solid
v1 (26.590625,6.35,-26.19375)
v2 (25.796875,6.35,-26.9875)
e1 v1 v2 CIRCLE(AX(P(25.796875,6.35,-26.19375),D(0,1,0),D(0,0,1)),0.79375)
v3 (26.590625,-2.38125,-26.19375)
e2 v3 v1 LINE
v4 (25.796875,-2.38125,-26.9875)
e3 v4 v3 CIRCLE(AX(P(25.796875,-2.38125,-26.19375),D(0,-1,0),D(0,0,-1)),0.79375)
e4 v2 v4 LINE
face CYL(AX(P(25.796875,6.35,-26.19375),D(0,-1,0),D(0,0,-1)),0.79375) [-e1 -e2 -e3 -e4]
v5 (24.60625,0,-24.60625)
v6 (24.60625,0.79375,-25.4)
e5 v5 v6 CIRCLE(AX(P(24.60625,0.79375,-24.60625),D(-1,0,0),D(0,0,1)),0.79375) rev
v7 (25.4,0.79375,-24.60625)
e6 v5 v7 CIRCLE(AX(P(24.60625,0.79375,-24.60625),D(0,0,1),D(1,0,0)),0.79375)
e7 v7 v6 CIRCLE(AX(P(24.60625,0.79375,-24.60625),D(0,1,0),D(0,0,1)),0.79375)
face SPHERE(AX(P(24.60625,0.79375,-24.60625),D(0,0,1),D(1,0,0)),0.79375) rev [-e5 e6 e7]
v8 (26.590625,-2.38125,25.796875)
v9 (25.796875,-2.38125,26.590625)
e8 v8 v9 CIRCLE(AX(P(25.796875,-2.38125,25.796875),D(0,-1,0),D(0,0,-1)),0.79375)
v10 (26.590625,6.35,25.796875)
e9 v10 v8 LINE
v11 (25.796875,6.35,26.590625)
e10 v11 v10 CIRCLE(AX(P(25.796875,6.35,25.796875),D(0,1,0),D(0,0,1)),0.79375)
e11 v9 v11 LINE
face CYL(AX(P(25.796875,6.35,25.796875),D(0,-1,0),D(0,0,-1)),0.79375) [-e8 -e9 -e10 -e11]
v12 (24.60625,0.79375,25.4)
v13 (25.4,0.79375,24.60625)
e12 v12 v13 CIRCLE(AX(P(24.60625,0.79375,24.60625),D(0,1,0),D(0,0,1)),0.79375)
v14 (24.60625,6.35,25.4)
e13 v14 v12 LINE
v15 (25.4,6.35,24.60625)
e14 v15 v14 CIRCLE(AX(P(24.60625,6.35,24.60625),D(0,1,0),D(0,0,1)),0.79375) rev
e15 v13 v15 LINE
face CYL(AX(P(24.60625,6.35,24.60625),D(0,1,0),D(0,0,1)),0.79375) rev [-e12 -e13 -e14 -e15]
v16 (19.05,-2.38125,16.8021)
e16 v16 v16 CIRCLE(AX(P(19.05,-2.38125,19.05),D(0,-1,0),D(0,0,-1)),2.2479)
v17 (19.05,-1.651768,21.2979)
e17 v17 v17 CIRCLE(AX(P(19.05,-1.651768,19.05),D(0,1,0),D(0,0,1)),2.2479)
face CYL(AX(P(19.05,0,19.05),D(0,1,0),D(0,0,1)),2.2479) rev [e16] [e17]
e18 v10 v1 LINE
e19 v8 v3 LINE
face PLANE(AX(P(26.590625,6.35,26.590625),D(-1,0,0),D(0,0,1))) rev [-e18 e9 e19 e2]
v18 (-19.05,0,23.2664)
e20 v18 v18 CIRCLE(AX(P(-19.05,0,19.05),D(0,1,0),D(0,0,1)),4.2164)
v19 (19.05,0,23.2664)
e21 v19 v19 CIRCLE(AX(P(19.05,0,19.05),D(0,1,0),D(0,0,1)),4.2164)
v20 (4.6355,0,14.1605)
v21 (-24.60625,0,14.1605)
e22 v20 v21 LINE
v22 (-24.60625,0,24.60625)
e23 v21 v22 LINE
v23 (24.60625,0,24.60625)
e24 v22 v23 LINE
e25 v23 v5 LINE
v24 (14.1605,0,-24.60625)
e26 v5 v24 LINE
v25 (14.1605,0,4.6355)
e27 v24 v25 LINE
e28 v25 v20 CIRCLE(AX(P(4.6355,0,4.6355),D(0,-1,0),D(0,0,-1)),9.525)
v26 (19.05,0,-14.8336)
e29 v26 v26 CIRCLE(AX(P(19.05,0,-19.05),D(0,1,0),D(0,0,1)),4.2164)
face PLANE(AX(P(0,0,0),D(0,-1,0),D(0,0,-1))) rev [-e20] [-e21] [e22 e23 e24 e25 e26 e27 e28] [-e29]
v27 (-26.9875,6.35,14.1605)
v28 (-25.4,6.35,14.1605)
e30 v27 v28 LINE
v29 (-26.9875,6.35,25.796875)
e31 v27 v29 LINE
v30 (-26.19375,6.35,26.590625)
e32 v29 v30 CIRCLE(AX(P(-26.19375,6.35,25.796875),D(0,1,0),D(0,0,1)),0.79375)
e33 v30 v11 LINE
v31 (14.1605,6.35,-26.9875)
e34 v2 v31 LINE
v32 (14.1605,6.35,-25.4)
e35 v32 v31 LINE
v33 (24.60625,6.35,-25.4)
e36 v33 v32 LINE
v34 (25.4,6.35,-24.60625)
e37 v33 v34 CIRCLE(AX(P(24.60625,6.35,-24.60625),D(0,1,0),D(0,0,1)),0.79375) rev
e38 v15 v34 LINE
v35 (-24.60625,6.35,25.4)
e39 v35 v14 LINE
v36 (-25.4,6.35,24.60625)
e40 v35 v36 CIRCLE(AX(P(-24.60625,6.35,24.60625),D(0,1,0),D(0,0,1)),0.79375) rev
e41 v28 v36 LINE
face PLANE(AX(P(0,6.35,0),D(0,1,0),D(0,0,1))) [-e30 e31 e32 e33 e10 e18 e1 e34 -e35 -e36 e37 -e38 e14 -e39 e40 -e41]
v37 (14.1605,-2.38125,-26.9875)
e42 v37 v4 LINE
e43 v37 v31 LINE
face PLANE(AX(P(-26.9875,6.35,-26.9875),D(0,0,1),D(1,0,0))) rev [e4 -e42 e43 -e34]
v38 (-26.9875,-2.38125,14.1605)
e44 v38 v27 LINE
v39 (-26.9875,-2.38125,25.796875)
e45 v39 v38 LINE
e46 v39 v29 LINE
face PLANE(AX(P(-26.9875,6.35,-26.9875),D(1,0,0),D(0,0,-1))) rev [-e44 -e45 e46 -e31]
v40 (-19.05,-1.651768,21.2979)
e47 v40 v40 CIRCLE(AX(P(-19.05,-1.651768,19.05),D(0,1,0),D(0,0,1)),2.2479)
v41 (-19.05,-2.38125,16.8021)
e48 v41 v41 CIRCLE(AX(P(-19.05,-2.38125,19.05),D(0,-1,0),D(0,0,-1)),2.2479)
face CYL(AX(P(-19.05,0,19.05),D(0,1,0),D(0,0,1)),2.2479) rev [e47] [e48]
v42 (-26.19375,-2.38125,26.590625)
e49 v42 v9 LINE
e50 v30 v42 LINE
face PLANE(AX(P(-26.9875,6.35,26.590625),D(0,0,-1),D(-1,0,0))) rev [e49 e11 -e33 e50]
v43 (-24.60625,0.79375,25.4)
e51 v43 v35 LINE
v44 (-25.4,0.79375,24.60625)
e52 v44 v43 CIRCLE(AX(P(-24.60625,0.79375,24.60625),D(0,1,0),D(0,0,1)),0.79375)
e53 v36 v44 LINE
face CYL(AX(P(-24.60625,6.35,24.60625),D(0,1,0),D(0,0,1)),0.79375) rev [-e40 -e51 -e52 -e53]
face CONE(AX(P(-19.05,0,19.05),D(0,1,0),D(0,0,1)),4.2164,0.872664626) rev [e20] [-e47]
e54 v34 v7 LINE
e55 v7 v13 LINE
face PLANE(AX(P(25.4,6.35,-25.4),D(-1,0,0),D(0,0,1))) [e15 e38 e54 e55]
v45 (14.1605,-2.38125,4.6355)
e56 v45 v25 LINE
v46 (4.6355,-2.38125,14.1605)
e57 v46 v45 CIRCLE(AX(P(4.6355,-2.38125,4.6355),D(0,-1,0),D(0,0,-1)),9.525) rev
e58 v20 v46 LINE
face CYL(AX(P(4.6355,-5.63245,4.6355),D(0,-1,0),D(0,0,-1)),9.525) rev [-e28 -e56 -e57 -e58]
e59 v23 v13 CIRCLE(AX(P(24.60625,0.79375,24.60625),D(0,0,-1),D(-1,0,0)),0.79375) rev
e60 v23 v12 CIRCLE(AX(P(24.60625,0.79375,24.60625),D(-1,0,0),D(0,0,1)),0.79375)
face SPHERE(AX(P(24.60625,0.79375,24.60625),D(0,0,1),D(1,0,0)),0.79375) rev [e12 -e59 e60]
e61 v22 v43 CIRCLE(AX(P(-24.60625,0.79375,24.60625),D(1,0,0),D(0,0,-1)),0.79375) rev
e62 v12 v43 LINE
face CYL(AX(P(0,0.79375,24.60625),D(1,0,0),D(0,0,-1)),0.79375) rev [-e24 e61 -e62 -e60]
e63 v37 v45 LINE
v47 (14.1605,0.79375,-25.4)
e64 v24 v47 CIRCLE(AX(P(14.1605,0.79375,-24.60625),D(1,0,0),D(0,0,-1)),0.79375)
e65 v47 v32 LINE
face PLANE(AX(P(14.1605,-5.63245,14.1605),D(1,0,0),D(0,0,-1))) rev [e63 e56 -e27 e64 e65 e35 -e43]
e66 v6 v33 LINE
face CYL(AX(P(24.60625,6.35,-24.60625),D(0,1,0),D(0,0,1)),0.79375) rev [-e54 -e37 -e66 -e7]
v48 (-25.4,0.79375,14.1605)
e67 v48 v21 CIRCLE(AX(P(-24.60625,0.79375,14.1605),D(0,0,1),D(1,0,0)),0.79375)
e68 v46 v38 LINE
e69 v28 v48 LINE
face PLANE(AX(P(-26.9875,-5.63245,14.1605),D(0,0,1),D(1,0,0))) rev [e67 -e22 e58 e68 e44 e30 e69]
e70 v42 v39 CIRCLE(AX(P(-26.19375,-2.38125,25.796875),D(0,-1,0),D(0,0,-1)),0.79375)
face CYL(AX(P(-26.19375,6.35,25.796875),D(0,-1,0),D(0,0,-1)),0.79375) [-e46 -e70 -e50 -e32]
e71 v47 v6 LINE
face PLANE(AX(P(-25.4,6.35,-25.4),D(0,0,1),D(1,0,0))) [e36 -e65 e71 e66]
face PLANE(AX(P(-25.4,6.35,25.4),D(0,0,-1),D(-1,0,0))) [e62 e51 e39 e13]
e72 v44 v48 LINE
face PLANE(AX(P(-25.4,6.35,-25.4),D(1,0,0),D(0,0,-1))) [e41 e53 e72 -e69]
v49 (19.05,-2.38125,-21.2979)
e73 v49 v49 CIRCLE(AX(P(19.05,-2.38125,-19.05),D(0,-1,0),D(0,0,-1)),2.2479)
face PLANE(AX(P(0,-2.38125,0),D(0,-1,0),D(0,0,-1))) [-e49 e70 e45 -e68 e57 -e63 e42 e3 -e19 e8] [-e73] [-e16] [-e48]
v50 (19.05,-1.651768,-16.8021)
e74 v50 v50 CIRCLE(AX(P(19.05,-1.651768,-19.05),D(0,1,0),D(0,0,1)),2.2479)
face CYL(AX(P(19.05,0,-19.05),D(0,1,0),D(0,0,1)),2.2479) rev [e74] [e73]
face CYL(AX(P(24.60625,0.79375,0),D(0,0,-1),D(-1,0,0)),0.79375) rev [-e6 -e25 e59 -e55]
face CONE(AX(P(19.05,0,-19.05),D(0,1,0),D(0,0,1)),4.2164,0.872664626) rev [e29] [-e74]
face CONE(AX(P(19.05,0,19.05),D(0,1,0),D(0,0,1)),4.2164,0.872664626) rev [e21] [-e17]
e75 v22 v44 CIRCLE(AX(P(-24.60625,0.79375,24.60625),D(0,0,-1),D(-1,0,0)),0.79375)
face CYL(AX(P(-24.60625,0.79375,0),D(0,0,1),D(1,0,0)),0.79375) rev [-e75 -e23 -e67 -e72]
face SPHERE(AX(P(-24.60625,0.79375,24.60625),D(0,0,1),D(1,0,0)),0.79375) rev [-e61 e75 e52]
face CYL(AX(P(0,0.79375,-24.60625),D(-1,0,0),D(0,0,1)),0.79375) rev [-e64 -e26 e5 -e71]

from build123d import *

# Parameters (mm, degrees)
SKETCH1_W                                         = 53.975
SKETCH1_H                                         = 53.975
SKETCH1_W_2                                       = 50.8
SKETCH1_H_2                                       = 50.8
BOSS_EXTRUDE1_DEPTH                               = 6.35
SKETCH2_W                                         = 53.975
SKETCH2_H                                         = 53.975
BOSS_EXTRUDE2_DEPTH                               = 2.38125
BOSS_EXTRUDE3_DEPTH                               = 3.2512
BOSS_EXTRUDE3_DEPTH_BACK                          = 1.5875
CSK_FOR_8_FLAT_HEAD_MACHINE_SCREW_100_D           = 4.4958
CSK_FOR_8_FLAT_HEAD_MACHINE_SCREW_100_CSINK_D     = 8.4328
CSK_FOR_8_FLAT_HEAD_MACHINE_SCREW_100_CSINK_ANGLE = 100
SKETCH7_W                                         = 41.148
SKETCH7_H                                         = 41.148
CUT_EXTRUDE1_DEPTH                                = 7.35
CUT_EXTRUDE1_DEPTH_BACK                           = 6.63245
FILLET2_R                                         = 9.525
BOSS_EXTRUDE4_DEPTH                               = 7.14375
CUT_EXTRUDE2_DEPTH                                = 12.98245
FILLET3_R                                         = 0.79375


with BuildPart() as part:
    # Sketch1 → Boss-Extrude1 (new body)
    with BuildSketch(Plane(origin=(0, 0, 0), x_dir=(1, 0, 0), z_dir=(0, 1, 0))):
        Rectangle(SKETCH1_W, SKETCH1_H)
        Rectangle(SKETCH1_W_2, SKETCH1_H_2, mode=Mode.SUBTRACT)
    extrude(amount=BOSS_EXTRUDE1_DEPTH)

    # Sketch2 → Boss-Extrude2 (add)
    with BuildSketch(Plane.XZ):
        Rectangle(SKETCH2_W, SKETCH2_H)
    extrude(amount=BOSS_EXTRUDE2_DEPTH)

    # Sketch3 → Boss-Extrude3 (add, two sides)
    with BuildSketch(Plane.XZ.offset(2.38125)) as boss_extrude3_sk:
        Polygon((-26.9875, 26.590625), (26.590625, 26.590625), (26.590625, -26.9875), (28.178125, -26.9875), (28.178125, 28.178125), (-26.9875, 28.178125), align=None)
    extrude(amount=BOSS_EXTRUDE3_DEPTH)
    extrude(boss_extrude3_sk.sketch, amount=-BOSS_EXTRUDE3_DEPTH_BACK)

    # CSK for #8 Flat Head Machine Screw (100)1 (through all)
    with Locations(Plane(origin=(19.05, 0, 19.05), x_dir=(0, 0, 1), z_dir=(0, 1, 0))):
        with Locations((0, 0), (-38.1, -38.1), (-38.1, 0), (0, -38.1)):
            CounterSinkHole(CSK_FOR_8_FLAT_HEAD_MACHINE_SCREW_100_D / 2, CSK_FOR_8_FLAT_HEAD_MACHINE_SCREW_100_CSINK_D / 2, counter_sink_angle=CSK_FOR_8_FLAT_HEAD_MACHINE_SCREW_100_CSINK_ANGLE)

    # Sketch7 → Cut-Extrude1 (cut, two sides)
    with BuildSketch(Plane(origin=(0, 0, 0), x_dir=(1, 0, 0), z_dir=(0, 1, 0))) as cut_extrude1_sk:
        with Locations((-6.4135, 6.4135)):
            Rectangle(SKETCH7_W, SKETCH7_H)
    extrude(amount=CUT_EXTRUDE1_DEPTH, mode=Mode.SUBTRACT)
    extrude(cut_extrude1_sk.sketch, amount=-CUT_EXTRUDE1_DEPTH_BACK, mode=Mode.SUBTRACT)

    # Fillet2
    fillet2_edges = [part.edges().sort_by_distance(p)[0] for p in [
        (14.1605, -1.190625, 14.1605),
    ]]
    fillet(fillet2_edges, radius=FILLET2_R)

    # Sketch8 → Boss-Extrude4 (add)
    with BuildSketch(Plane(origin=(0, -0.79375, 0), x_dir=(1, 0, 0), z_dir=(0, 1, 0))):
        Polygon((28.178125, 26.9875), (26.9875, 26.9875), (26.9875, -26.9875), (-26.9875, -26.9875), (-26.9875, -28.178125), (28.178125, -28.178125), align=None)
    extrude(amount=BOSS_EXTRUDE4_DEPTH)

    # Sketch9 → Cut-Extrude2 (cut, through all)
    with BuildSketch(Plane.XZ.offset(5.63245)):
        Polygon((-26.9875, 28.178125), (-26.9875, 26.590625), (26.590625, 26.590625), (26.590625, -26.9875), (28.178125, -26.9875), (28.178125, 28.178125), align=None)
    extrude(amount=-CUT_EXTRUDE2_DEPTH, mode=Mode.SUBTRACT)

    # Fillet3
    fillet3_edges = [part.edges().sort_by_distance(p)[0] for p in [
        (26.590625, 1.984375, -26.9875),
        (26.590625, 1.984375, 26.590625),
        (-26.9875, 1.984375, 26.590625),
        (25.4, 0, 0),
        (25.4, 3.175, 25.4),
        (19.78025, 0, -25.4),
        (25.4, 3.175, -25.4),
        (0, 0, 25.4),
        (-25.4, 3.175, 25.4),
        (-25.4, 0, 19.78025),
    ]]
    fillet(fillet3_edges, radius=FILLET3_R)


solid = part.part
